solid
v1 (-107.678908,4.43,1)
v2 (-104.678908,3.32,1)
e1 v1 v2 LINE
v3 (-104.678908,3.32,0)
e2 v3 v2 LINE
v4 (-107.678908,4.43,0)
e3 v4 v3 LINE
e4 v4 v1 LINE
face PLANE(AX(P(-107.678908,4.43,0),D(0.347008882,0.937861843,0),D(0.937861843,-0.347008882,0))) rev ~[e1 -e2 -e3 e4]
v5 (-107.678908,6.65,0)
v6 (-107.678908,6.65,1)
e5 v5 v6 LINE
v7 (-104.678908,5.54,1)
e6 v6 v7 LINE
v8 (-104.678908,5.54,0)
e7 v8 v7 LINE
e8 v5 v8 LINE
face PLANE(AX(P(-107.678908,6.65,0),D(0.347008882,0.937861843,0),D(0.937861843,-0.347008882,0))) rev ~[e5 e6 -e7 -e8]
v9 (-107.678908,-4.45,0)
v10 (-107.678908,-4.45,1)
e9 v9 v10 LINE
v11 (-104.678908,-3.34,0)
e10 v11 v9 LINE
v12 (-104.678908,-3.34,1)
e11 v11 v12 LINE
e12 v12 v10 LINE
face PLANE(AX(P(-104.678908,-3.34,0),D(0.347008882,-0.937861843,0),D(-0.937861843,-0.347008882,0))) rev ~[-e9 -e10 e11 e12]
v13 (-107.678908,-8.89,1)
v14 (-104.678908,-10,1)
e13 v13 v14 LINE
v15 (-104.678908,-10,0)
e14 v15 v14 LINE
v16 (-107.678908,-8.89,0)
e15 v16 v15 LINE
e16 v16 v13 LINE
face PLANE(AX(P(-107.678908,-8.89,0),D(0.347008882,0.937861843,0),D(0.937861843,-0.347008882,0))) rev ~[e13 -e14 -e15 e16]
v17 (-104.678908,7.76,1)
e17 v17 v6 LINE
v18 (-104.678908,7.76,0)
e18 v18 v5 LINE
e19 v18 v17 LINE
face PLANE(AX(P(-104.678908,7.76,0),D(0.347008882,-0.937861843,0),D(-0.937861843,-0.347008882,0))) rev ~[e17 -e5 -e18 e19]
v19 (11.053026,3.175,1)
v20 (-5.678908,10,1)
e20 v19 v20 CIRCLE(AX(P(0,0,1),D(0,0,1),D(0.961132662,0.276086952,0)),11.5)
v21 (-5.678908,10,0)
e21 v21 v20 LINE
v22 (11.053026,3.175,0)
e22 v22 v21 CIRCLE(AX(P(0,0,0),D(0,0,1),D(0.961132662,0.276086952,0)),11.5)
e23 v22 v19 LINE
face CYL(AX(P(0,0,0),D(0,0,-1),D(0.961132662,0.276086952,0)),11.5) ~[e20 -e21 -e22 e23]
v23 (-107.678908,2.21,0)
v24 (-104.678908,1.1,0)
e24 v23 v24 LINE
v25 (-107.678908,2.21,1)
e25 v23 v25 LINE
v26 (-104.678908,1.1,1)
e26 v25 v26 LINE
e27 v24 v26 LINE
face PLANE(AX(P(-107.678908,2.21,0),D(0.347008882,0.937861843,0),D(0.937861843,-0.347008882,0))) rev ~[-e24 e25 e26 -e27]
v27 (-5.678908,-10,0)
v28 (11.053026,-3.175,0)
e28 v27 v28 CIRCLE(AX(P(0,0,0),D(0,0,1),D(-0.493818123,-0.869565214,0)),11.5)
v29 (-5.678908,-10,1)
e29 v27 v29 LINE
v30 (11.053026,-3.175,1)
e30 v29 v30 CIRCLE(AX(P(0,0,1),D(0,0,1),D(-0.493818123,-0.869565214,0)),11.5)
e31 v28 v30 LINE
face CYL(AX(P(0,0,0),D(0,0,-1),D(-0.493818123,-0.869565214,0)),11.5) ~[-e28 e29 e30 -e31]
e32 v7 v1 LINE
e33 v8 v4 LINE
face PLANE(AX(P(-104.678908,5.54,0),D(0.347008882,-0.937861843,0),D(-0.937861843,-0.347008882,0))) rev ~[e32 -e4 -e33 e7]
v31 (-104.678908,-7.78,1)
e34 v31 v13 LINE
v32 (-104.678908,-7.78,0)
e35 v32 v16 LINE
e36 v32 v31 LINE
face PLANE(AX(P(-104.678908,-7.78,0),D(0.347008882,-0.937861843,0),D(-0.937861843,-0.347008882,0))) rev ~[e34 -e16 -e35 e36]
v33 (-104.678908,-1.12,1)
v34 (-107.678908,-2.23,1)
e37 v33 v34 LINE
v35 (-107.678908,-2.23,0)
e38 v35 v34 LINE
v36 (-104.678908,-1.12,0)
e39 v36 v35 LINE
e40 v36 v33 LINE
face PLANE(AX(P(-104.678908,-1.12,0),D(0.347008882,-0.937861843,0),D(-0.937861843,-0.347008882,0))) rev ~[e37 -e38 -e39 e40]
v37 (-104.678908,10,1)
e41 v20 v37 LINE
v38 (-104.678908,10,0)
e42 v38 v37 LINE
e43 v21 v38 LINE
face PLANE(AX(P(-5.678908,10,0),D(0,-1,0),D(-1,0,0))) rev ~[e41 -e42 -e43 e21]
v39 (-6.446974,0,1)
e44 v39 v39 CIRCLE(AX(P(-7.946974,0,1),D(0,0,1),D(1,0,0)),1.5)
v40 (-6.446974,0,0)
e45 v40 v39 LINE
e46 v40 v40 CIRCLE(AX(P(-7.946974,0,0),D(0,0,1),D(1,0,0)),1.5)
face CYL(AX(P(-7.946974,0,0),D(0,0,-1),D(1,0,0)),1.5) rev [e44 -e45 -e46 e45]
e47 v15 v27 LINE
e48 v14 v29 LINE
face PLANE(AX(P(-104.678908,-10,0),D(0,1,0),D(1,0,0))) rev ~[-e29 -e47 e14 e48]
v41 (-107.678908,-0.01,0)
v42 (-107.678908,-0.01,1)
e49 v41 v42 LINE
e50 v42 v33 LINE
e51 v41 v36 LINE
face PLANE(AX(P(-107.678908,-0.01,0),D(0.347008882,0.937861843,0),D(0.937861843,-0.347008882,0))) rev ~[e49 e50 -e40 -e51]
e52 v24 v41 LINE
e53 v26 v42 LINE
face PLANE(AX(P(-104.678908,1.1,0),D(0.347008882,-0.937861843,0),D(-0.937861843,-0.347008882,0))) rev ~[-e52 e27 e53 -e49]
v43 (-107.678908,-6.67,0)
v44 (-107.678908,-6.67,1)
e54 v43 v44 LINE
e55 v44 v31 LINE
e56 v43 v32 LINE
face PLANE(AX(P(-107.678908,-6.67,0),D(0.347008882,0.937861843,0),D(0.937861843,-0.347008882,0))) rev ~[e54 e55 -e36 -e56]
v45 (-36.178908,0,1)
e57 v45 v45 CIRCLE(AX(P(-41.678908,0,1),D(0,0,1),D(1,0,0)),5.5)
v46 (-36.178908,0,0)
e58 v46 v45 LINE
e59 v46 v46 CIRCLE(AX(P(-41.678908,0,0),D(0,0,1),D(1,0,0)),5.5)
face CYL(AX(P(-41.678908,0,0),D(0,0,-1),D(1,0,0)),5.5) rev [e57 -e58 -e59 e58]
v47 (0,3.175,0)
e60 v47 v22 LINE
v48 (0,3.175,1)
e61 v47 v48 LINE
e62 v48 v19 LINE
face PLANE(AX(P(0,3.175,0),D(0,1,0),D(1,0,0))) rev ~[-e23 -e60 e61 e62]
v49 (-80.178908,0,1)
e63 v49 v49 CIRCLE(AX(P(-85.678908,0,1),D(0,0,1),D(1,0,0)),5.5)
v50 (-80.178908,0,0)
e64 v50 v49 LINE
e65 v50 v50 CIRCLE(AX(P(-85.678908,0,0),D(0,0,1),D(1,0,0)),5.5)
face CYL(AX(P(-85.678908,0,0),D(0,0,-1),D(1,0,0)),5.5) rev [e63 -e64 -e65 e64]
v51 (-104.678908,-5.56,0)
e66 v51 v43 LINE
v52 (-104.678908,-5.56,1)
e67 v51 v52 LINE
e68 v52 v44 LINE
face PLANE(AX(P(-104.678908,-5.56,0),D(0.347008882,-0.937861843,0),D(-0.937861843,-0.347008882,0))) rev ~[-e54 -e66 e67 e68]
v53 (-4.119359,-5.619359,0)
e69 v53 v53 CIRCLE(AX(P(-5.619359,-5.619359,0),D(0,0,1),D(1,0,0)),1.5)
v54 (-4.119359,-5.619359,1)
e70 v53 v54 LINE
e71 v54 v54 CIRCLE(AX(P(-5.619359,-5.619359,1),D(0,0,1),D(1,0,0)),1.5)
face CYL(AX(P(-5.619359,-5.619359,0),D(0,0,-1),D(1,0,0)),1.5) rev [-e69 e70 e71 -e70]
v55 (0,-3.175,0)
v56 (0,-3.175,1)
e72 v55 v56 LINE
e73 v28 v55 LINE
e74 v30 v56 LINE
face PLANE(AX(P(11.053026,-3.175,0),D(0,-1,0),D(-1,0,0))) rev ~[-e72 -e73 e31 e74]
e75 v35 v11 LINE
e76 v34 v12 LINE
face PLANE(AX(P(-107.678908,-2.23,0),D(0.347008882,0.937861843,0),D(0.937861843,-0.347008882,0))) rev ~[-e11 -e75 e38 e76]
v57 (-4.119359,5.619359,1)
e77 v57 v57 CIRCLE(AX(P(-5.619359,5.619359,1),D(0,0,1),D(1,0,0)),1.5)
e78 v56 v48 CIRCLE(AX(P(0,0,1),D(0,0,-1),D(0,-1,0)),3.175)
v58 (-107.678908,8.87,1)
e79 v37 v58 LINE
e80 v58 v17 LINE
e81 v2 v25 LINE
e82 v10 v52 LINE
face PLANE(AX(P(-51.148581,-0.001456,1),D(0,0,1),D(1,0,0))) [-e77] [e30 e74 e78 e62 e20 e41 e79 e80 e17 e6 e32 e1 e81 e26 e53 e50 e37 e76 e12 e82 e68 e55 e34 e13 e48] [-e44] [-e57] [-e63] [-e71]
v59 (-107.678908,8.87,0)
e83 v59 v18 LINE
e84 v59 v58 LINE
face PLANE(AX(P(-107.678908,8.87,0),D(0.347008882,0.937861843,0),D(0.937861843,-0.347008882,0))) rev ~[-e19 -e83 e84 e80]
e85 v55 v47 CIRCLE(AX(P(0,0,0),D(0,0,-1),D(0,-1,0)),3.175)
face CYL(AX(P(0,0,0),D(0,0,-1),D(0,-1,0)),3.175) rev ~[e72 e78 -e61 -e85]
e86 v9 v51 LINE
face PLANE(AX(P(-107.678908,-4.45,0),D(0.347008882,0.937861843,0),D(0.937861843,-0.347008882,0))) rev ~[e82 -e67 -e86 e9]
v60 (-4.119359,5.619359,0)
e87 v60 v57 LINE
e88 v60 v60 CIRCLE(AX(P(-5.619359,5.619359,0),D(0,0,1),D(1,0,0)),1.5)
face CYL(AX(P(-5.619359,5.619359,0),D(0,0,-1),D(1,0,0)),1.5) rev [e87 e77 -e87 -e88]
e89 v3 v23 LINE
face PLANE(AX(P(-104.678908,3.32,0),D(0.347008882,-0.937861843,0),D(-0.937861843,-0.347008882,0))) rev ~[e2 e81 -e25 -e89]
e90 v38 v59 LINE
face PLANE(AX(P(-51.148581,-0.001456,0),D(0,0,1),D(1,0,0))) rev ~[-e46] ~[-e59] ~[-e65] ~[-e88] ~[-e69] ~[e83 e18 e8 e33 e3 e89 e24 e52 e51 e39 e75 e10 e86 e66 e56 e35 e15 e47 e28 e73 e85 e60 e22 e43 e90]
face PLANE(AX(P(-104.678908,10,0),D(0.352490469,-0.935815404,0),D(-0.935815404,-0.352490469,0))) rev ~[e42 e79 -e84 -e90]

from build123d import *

# Parameters (mm, degrees)
F0_R     = 1.5
F0_R_2   = 5.5
F1_DEPTH = 1


with BuildPart() as f1:
    # F0 (on Top) → F1 (new body)
    with BuildSketch(Plane.XY):
        with BuildLine():
            Line((-104.678908, -10), (-5.678908, -10))
            ThreePointArc((-5.678908, -10), (4.343436, -10.648219), (11.053026, -3.175))
            Line((11.053026, -3.175), (0, -3.175))
            ThreePointArc((0, -3.175), (-3.175, 0), (0, 3.175))
            Line((0, 3.175), (11.053026, 3.175))
            ThreePointArc((11.053026, 3.175), (4.343436, 10.648219), (-5.678908, 10))
            Line((-5.678908, 10), (-104.678908, 10))
            Line((-104.678908, 10), (-107.678908, 8.87))
            Line((-107.678908, 8.87), (-104.678908, 7.76))
            Line((-104.678908, 7.76), (-107.678908, 6.65))
            Line((-107.678908, 6.65), (-104.678908, 5.54))
            Line((-104.678908, 5.54), (-107.678908, 4.43))
            Line((-107.678908, 4.43), (-104.678908, 3.32))
            Line((-104.678908, 3.32), (-107.678908, 2.21))
            Line((-107.678908, 2.21), (-104.678908, 1.1))
            Line((-104.678908, 1.1), (-107.678908, -0.01))
            Line((-107.678908, -0.01), (-104.678908, -1.12))
            Line((-104.678908, -1.12), (-107.678908, -2.23))
            Line((-107.678908, -2.23), (-104.678908, -3.34))
            Line((-104.678908, -3.34), (-107.678908, -4.45))
            Line((-107.678908, -4.45), (-104.678908, -5.56))
            Line((-104.678908, -5.56), (-107.678908, -6.67))
            Line((-107.678908, -6.67), (-104.678908, -7.78))
            Line((-104.678908, -7.78), (-107.678908, -8.89))
            Line((-107.678908, -8.89), (-104.678908, -10))
        make_face()
        with Locations((-5.619359, -5.619359)):
            Circle(F0_R, mode=Mode.SUBTRACT)
        with Locations((-85.678908, 0)):
            Circle(F0_R_2, mode=Mode.SUBTRACT)
        with Locations((-41.678908, 0)):
            Circle(F0_R_2, mode=Mode.SUBTRACT)
        with Locations((-7.946974, 0)):
            Circle(F0_R, mode=Mode.SUBTRACT)
        with Locations((-5.619359, 5.619359)):
            Circle(F0_R, mode=Mode.SUBTRACT)
    extrude(amount=F1_DEPTH)


solid = f1.part
